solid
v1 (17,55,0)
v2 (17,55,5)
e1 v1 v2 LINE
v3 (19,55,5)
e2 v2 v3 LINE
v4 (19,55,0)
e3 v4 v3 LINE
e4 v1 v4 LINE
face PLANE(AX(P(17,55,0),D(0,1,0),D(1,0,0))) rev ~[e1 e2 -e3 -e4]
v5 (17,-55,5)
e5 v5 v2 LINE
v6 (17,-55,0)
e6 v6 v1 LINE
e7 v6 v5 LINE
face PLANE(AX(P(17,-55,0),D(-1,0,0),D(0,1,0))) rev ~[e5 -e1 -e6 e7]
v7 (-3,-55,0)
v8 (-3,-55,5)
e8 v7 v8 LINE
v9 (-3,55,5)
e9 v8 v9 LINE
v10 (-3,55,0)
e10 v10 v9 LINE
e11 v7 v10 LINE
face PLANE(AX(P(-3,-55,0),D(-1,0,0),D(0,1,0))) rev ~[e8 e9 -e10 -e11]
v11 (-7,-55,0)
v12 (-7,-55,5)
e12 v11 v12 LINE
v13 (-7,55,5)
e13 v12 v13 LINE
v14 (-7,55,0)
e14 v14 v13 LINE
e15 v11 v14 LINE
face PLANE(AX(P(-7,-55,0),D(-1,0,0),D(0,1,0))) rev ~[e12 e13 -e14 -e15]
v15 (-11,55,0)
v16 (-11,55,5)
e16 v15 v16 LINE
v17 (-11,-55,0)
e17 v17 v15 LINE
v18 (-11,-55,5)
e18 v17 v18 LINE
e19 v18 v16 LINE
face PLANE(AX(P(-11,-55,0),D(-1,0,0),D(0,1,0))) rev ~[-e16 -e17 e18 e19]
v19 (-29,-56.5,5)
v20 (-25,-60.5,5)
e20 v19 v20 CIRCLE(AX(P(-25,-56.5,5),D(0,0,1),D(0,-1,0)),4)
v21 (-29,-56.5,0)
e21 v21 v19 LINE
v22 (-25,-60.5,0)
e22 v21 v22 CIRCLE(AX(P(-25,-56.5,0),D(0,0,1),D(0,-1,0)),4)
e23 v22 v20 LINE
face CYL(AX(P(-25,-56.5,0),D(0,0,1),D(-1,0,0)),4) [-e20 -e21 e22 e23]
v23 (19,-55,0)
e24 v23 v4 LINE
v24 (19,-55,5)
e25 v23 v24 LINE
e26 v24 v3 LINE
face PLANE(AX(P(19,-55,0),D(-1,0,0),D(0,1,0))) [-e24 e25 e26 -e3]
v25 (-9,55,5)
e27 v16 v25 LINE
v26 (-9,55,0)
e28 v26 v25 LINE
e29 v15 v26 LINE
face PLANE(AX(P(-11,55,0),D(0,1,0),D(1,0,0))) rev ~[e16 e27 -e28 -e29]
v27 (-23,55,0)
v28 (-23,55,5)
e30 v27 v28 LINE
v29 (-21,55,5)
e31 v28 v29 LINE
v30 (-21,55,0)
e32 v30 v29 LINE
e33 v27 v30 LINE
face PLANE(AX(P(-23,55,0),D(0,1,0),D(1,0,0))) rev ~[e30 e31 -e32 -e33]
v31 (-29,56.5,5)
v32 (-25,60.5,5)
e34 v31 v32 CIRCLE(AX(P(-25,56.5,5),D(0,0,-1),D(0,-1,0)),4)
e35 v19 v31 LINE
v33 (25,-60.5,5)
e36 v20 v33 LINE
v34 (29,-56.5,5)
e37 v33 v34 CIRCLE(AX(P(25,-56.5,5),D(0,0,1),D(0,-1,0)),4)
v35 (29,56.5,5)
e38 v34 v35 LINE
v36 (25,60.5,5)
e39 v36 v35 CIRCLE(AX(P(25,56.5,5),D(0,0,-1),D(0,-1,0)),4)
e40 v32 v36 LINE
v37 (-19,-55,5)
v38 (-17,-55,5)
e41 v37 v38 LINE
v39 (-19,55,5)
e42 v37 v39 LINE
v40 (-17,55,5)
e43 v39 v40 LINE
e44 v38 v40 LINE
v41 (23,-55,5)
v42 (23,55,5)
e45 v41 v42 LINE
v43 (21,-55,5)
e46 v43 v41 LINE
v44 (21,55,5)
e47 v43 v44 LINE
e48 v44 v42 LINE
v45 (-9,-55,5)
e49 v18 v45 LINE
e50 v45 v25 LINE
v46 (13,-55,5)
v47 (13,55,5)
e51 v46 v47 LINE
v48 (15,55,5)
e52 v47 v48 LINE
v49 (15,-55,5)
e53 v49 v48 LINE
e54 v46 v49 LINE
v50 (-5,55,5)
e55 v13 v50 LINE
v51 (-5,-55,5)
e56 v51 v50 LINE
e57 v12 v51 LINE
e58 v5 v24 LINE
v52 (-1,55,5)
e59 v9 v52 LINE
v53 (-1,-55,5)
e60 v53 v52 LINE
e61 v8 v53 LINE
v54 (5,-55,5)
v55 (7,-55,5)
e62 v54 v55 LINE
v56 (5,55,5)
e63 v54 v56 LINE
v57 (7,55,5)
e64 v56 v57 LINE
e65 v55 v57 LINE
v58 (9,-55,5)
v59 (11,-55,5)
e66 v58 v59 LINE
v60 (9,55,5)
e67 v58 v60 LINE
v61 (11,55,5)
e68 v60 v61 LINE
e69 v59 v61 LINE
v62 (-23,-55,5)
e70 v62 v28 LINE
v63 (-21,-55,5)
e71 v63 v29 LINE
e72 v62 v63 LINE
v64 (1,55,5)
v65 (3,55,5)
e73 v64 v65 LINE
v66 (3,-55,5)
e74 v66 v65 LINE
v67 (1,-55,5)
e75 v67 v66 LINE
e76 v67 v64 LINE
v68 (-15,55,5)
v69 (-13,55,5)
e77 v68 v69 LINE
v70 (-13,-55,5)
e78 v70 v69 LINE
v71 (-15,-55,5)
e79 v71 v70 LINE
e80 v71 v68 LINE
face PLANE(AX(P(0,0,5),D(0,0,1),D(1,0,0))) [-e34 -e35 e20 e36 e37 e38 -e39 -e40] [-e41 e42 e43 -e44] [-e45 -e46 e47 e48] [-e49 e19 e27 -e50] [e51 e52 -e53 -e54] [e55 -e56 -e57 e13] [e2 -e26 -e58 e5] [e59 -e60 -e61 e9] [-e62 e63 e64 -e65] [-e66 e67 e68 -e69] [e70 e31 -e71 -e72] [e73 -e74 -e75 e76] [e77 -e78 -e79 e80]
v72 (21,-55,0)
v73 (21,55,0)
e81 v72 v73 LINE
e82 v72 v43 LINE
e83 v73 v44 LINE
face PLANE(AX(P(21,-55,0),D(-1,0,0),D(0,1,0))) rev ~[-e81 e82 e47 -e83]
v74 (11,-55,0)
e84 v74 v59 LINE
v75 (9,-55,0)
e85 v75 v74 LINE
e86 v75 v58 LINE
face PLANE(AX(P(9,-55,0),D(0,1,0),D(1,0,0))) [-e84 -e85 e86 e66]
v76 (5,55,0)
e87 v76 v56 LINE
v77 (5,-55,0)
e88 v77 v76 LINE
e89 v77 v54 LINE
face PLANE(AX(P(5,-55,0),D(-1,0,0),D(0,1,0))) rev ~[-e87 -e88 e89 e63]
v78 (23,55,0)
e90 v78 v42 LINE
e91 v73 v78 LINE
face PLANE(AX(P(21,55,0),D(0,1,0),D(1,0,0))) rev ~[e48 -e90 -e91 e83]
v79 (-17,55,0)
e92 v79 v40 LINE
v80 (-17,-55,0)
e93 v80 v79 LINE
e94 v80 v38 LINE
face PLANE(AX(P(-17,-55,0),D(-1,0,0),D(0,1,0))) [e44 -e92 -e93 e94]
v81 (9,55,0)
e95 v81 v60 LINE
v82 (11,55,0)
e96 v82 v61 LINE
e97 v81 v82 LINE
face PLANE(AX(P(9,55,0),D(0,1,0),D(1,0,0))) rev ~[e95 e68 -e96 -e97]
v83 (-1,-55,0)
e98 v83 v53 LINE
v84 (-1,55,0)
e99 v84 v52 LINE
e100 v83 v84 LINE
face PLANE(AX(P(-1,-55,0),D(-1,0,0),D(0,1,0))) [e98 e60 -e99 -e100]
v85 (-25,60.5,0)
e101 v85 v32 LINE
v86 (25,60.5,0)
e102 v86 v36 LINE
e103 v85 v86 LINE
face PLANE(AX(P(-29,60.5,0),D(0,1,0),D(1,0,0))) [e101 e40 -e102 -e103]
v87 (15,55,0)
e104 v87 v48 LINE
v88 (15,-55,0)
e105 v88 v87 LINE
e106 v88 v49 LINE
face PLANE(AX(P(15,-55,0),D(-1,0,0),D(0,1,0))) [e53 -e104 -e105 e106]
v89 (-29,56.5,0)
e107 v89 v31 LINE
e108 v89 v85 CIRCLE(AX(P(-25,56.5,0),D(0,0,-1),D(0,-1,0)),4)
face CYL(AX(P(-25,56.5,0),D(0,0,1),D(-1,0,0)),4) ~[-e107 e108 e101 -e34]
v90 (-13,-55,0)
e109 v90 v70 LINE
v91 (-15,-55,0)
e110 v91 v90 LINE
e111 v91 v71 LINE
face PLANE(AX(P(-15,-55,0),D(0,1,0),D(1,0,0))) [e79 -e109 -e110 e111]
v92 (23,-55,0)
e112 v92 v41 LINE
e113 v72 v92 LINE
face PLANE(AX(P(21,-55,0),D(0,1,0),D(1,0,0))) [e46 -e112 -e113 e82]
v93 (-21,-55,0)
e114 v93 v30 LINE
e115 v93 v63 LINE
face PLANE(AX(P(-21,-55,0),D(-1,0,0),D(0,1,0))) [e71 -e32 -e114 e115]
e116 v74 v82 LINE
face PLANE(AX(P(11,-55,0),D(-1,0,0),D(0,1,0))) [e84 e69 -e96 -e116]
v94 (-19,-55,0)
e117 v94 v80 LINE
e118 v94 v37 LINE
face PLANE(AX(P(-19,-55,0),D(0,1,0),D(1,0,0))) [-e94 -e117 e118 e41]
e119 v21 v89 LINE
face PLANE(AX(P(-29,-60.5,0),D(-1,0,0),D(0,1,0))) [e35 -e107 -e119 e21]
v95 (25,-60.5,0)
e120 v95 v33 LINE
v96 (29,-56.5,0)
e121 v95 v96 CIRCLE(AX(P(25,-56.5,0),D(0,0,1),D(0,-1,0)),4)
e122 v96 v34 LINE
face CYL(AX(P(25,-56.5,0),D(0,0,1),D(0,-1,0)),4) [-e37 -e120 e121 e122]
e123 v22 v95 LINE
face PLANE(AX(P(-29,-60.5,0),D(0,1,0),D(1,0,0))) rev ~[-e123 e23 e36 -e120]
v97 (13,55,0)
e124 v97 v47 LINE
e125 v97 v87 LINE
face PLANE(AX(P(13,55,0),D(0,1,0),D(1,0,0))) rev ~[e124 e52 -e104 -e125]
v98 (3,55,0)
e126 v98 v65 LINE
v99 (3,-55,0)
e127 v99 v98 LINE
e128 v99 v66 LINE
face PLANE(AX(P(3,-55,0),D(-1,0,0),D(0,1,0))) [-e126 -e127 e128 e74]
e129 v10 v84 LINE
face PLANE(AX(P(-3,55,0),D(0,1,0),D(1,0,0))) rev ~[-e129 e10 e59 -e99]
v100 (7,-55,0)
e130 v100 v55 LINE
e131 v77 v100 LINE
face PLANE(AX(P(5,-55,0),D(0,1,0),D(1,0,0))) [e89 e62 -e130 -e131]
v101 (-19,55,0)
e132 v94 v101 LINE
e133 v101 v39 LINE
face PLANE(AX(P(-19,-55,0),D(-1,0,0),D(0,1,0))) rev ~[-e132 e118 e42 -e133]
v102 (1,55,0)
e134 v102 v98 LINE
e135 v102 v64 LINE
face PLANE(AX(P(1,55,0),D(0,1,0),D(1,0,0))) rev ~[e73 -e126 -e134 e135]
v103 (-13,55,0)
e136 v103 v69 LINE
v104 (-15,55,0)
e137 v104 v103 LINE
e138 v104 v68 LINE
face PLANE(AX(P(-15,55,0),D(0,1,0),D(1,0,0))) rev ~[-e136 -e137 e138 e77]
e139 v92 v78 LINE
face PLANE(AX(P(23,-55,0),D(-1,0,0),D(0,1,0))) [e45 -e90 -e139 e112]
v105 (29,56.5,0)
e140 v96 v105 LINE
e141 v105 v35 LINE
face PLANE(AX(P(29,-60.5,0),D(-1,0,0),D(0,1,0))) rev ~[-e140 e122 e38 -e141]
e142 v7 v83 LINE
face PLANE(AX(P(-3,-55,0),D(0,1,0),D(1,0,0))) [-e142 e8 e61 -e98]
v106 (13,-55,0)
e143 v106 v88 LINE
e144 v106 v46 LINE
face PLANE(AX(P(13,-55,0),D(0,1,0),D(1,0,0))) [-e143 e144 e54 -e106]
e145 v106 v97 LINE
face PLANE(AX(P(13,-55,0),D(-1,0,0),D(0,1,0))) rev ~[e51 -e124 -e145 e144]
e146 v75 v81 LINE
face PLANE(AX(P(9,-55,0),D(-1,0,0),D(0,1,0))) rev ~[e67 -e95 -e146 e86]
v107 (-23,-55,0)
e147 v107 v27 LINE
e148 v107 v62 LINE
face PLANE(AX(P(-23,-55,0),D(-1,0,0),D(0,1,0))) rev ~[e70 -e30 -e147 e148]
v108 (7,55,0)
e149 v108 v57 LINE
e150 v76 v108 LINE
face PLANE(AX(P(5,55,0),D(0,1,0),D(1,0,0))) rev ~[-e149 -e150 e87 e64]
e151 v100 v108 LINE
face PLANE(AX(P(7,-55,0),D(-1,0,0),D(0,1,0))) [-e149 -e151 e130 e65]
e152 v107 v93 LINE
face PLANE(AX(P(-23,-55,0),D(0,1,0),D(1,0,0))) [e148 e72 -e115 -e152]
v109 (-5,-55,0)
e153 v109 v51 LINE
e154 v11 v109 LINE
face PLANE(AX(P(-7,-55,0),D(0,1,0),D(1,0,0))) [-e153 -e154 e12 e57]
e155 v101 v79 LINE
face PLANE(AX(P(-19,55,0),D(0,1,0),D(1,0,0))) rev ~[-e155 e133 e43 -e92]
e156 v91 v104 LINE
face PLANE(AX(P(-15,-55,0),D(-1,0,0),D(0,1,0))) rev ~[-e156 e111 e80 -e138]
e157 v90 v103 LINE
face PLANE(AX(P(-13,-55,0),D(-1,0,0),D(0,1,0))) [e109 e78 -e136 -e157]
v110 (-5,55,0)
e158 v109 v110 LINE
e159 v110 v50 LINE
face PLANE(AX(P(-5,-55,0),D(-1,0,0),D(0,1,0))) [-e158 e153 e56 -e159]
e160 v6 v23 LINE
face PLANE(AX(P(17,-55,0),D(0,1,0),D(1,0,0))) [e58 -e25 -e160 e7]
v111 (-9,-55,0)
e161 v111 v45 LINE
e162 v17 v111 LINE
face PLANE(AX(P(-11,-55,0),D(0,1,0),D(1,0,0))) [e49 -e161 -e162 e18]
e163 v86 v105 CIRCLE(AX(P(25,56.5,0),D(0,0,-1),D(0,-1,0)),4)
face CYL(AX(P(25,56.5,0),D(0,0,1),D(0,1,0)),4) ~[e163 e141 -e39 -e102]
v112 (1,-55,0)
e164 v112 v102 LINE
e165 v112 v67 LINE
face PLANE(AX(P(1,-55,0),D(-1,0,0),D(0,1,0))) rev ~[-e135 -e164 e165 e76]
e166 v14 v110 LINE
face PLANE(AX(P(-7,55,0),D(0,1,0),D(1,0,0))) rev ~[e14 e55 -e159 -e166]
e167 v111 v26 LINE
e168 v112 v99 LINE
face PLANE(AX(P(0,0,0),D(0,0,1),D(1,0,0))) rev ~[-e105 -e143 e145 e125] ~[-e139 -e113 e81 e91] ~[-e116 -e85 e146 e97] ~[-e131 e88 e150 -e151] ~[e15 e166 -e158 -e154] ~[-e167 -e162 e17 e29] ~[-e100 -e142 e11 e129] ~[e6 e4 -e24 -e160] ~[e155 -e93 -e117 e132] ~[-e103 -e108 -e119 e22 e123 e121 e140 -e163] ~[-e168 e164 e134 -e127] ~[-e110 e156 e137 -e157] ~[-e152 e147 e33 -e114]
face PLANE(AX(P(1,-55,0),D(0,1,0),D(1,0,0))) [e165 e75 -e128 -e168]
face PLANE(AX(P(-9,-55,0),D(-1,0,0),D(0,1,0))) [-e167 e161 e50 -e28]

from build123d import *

# Parameters (mm, degrees)
F0_W     = 58
F0_H     = 121
F0_W_2   = 2
F0_H_2   = 110
F1_DEPTH = 5
F2_R     = 4


with BuildPart() as f1:
    # F0 (on Top) → F1 (new body)
    with BuildSketch(Plane.XY):
        Rectangle(F0_W, F0_H)
        with Locations((-22, 0)):
            Rectangle(F0_W_2, F0_H_2, mode=Mode.SUBTRACT)
        with Locations((-18, 0)):
            Rectangle(F0_W_2, F0_H_2, mode=Mode.SUBTRACT)
        with Locations((-14, 0)):
            Rectangle(F0_W_2, F0_H_2, mode=Mode.SUBTRACT)
        with Locations((-10, 0)):
            Rectangle(F0_W_2, F0_H_2, mode=Mode.SUBTRACT)
        with Locations((-6, 0)):
            Rectangle(F0_W_2, F0_H_2, mode=Mode.SUBTRACT)
        with Locations((-2, 0)):
            Rectangle(F0_W_2, F0_H_2, mode=Mode.SUBTRACT)
        with Locations((2, 0)):
            Rectangle(F0_W_2, F0_H_2, mode=Mode.SUBTRACT)
        with Locations((6, 0)):
            Rectangle(F0_W_2, F0_H_2, mode=Mode.SUBTRACT)
        with Locations((10, 0)):
            Rectangle(F0_W_2, F0_H_2, mode=Mode.SUBTRACT)
        with Locations((14, 0)):
            Rectangle(F0_W_2, F0_H_2, mode=Mode.SUBTRACT)
        with Locations((18, 0)):
            Rectangle(F0_W_2, F0_H_2, mode=Mode.SUBTRACT)
        with Locations((22, 0)):
            Rectangle(F0_W_2, F0_H_2, mode=Mode.SUBTRACT)
    extrude(amount=F1_DEPTH)

    # F2
    f2_edges = [f1.edges().sort_by_distance(p)[0] for p in [
        (29, 60.5, 2.5),
        (29, -60.5, 2.5),
        (-29, -60.5, 2.5),
        (-29, 60.5, 2.5),
    ]]
    fillet(f2_edges, radius=F2_R)


solid = f1.part
